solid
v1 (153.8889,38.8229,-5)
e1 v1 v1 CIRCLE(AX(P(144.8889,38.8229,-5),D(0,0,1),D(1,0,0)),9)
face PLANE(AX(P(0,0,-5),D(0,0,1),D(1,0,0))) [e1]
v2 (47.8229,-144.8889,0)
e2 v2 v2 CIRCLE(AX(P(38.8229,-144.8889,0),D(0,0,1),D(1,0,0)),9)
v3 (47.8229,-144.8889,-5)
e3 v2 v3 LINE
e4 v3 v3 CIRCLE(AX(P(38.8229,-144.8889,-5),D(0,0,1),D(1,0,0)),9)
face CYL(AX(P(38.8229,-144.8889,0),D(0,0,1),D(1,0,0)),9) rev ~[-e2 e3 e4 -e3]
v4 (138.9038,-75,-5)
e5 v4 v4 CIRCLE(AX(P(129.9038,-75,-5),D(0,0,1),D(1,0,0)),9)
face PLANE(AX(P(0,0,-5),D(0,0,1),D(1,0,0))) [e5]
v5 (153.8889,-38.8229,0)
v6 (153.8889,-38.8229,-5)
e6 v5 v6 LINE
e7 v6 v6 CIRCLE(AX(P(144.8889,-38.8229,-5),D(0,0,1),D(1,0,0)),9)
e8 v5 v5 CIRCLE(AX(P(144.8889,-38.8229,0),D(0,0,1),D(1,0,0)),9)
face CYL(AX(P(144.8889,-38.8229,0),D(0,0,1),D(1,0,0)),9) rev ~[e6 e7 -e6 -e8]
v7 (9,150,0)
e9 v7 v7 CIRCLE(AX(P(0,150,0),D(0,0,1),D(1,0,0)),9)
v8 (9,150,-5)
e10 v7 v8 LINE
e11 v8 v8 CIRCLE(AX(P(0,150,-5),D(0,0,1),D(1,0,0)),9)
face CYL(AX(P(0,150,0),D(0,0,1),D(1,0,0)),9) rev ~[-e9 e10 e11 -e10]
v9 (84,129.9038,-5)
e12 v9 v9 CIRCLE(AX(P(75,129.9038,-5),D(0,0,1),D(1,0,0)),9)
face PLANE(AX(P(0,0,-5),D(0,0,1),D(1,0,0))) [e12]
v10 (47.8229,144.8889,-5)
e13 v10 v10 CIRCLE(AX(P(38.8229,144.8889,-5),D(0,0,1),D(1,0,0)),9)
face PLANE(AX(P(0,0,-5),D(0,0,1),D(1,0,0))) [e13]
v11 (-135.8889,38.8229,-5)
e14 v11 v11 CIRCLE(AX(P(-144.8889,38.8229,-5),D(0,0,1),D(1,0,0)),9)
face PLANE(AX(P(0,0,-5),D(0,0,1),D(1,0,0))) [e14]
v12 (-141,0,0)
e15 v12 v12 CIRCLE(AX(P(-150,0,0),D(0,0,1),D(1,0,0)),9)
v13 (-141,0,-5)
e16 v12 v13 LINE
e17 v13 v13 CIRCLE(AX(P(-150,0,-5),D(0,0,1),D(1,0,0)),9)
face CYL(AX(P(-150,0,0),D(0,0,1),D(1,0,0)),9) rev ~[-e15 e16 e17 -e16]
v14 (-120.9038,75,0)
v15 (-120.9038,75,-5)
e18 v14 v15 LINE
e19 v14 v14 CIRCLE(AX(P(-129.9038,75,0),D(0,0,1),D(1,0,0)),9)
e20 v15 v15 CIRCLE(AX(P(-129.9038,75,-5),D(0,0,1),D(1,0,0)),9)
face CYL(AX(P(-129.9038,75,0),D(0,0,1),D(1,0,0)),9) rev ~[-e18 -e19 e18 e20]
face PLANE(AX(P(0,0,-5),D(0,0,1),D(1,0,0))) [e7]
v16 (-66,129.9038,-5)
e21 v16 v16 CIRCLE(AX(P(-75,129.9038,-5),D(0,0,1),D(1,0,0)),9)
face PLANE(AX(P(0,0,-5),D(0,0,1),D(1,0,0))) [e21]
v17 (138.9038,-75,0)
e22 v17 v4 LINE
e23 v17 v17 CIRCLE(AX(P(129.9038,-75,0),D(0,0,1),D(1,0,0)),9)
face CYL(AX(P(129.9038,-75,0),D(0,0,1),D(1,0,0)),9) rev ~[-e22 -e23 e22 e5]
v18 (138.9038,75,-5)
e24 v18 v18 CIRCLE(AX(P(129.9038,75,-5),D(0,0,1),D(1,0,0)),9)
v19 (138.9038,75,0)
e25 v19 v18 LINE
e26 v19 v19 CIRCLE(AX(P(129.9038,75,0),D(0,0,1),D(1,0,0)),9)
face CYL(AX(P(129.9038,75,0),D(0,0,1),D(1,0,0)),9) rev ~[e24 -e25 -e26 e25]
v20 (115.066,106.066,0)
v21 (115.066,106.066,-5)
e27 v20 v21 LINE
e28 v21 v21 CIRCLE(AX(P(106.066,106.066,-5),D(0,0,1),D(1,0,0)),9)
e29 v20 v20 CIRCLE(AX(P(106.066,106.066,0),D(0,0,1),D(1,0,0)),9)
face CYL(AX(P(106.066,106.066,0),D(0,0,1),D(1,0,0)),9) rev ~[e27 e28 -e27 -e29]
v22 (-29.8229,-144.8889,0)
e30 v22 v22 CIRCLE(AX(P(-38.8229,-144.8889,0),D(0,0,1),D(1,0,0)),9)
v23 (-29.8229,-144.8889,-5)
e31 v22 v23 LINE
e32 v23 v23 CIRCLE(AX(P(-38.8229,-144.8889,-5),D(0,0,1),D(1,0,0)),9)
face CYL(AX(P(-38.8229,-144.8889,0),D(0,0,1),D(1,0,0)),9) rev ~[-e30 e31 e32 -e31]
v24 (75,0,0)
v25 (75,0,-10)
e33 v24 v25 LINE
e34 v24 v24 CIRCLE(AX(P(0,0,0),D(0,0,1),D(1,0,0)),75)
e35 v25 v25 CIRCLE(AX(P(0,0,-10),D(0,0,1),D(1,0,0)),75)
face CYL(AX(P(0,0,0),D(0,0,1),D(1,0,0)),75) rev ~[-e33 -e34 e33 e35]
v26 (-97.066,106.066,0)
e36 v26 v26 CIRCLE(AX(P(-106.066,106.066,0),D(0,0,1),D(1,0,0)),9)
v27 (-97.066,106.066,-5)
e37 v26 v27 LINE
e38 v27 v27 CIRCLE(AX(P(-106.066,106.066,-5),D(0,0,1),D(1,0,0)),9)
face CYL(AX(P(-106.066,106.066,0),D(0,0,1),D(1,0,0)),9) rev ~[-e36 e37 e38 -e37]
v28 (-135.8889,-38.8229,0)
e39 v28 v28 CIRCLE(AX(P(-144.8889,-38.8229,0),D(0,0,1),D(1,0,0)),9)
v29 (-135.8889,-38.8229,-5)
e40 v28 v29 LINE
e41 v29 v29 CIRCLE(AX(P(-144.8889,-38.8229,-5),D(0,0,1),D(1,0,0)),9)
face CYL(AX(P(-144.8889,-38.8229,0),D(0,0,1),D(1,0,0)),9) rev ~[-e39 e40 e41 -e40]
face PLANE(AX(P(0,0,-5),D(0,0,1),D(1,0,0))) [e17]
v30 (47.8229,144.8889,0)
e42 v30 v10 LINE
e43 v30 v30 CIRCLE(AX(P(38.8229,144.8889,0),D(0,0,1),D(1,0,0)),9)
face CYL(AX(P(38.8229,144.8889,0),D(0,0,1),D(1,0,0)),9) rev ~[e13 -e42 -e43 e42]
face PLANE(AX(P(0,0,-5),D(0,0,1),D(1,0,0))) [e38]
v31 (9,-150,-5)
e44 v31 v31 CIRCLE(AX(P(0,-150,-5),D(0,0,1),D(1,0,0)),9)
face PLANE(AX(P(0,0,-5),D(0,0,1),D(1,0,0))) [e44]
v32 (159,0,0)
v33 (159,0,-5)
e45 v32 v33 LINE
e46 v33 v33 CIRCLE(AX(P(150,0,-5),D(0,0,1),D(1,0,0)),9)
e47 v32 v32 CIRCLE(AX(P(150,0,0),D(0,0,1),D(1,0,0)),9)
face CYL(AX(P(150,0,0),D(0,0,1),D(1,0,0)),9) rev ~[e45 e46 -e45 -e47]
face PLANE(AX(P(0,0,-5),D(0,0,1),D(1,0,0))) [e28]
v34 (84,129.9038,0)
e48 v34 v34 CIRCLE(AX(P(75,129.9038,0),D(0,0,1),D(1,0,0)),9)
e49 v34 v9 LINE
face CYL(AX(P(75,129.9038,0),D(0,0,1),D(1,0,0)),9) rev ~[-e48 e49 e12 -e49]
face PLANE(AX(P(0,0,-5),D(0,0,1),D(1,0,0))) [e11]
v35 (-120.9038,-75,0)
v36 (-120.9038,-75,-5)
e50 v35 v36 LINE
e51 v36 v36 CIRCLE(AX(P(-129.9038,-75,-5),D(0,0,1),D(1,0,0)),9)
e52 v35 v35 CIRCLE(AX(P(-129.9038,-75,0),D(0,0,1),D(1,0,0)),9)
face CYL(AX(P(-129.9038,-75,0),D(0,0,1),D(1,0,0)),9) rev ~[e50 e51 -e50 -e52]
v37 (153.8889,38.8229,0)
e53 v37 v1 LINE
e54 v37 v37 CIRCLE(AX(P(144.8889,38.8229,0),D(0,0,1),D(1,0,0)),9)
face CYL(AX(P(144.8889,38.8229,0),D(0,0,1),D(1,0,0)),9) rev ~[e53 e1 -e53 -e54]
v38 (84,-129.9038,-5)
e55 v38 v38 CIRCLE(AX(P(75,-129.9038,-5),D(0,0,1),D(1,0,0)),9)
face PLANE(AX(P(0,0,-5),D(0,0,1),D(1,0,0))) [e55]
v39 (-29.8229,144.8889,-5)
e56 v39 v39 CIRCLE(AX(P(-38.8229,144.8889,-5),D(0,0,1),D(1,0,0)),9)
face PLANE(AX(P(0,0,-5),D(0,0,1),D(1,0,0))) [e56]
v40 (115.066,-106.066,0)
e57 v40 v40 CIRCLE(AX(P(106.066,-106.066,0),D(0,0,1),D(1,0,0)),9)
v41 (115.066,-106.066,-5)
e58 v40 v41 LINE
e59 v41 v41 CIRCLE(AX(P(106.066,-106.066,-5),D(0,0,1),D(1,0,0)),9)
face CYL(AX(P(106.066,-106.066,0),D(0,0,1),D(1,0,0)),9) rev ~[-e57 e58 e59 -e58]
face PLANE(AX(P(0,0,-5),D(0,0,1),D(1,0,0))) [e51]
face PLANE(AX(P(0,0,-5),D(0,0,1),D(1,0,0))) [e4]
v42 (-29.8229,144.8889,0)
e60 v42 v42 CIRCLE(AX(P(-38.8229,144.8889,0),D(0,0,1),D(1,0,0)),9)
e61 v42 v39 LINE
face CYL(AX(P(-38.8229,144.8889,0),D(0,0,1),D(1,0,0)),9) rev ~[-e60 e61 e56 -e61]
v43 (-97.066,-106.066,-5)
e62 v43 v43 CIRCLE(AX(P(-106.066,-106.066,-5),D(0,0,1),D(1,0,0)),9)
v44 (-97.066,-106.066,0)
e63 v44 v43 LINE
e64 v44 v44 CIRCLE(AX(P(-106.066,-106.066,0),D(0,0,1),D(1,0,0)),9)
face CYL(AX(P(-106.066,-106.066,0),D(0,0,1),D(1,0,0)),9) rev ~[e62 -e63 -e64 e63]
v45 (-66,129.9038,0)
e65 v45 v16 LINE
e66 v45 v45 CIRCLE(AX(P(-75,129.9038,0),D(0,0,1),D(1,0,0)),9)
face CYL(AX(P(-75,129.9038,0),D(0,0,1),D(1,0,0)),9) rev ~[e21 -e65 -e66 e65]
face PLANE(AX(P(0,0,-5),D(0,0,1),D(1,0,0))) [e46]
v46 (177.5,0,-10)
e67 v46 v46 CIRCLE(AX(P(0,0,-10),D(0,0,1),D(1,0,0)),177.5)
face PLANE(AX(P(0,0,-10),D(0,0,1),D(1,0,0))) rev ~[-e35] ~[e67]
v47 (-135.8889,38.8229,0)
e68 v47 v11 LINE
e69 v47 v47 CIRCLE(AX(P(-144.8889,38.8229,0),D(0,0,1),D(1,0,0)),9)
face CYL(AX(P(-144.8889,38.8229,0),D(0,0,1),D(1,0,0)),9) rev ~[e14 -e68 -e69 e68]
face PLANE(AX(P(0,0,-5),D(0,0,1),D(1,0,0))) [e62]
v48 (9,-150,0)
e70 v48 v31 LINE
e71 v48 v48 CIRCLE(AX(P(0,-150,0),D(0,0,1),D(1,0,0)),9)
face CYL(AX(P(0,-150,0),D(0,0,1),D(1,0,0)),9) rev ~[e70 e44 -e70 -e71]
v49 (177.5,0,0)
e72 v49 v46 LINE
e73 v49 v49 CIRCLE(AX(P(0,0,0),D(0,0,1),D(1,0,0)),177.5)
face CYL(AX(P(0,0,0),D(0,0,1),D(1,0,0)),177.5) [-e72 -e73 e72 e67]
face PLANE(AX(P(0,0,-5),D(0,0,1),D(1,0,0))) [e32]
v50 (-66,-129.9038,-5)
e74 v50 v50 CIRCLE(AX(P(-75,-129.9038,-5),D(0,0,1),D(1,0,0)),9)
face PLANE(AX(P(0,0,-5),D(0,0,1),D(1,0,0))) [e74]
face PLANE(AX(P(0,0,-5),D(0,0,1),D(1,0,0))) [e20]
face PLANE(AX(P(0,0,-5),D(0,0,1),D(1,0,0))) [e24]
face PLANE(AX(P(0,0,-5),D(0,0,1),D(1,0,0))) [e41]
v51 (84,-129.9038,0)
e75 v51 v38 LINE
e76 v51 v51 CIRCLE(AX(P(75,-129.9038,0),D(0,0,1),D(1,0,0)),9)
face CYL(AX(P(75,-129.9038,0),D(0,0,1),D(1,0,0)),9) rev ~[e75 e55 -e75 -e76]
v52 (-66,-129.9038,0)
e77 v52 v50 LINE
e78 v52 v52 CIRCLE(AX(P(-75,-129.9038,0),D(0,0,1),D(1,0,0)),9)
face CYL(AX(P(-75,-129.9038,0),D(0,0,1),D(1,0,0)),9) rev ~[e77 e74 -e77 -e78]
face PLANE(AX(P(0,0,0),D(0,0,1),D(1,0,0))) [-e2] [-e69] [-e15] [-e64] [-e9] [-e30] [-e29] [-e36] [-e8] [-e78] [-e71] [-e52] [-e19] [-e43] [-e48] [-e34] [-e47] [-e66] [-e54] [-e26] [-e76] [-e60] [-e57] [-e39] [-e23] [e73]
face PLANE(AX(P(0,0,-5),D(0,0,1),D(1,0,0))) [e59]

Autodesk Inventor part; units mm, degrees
ref_plane "YZ Plane" through (0, 0, 0) normal (1, 0, 0) x (0, 1, 0)
ref_plane "XZ Plane" through (0, 0, 0) normal (0, 1, 0) x (-1, 0, 0)
ref_plane "XY Plane" through (0, 0, 0) normal (0, 0, 1) x (1, 0, 0)
sketch "草圖2" plane through (0, 0, 0) normal (0, 0, 1) x (1, 0, 0)
  circle A0 centre (0, 0) radius 177.5
  dimension "d8" = 355
extrude "擠出2" add sketch "草圖2" against normal blind 10
sketch "草圖1" plane through (0, 0, 0) normal (0, 0, 1) x (1, 0, 0)
  circle A0 centre (150, 0) radius 9
  circle A1 centre (144.8889, 38.8229) radius 9
  circle A2 centre (129.9038, 75) radius 9
  circle A3 centre (106.066, 106.066) radius 9
  circle A4 centre (75, 129.9038) radius 9
  circle A5 centre (38.8229, 144.8889) radius 9
  circle A6 centre (0, 150) radius 9
  circle A7 centre (-38.8229, 144.8889) radius 9
  circle A8 centre (-75, 129.9038) radius 9
  circle A9 centre (-106.066, 106.066) radius 9
  circle A10 centre (-129.9038, 75) radius 9
  circle A11 centre (-144.8889, 38.8229) radius 9
  circle A12 centre (-150, 0) radius 9
  circle A13 centre (-144.8889, -38.8229) radius 9
  circle A14 centre (-129.9038, -75) radius 9
  circle A15 centre (-106.066, -106.066) radius 9
  circle A16 centre (-75, -129.9038) radius 9
  circle A17 centre (-38.8229, -144.8889) radius 9
  circle A18 centre (0, -150) radius 9
  circle A19 centre (38.8229, -144.8889) radius 9
  circle A20 centre (75, -129.9038) radius 9
  circle A21 centre (106.066, -106.066) radius 9
  circle A22 centre (129.9038, -75) radius 9
  circle A23 centre (144.8889, -38.8229) radius 9
  point P0 (0, 0)
  dimension "d0" = 150
  dimension "d1" = 18
  dimension "d4" = 360
extrude "擠出3" cut sketch "草圖1" against normal blind 5
sketch "草圖3" plane through (0, 0, 0) normal (0, 0, 1) x (1, 0, 0)
  circle A0 centre (0, 0) radius 75
  dimension "d13" = 150
extrude "擠出4" cut sketch "草圖3" against normal blind 10
properties part number "pindisk"
